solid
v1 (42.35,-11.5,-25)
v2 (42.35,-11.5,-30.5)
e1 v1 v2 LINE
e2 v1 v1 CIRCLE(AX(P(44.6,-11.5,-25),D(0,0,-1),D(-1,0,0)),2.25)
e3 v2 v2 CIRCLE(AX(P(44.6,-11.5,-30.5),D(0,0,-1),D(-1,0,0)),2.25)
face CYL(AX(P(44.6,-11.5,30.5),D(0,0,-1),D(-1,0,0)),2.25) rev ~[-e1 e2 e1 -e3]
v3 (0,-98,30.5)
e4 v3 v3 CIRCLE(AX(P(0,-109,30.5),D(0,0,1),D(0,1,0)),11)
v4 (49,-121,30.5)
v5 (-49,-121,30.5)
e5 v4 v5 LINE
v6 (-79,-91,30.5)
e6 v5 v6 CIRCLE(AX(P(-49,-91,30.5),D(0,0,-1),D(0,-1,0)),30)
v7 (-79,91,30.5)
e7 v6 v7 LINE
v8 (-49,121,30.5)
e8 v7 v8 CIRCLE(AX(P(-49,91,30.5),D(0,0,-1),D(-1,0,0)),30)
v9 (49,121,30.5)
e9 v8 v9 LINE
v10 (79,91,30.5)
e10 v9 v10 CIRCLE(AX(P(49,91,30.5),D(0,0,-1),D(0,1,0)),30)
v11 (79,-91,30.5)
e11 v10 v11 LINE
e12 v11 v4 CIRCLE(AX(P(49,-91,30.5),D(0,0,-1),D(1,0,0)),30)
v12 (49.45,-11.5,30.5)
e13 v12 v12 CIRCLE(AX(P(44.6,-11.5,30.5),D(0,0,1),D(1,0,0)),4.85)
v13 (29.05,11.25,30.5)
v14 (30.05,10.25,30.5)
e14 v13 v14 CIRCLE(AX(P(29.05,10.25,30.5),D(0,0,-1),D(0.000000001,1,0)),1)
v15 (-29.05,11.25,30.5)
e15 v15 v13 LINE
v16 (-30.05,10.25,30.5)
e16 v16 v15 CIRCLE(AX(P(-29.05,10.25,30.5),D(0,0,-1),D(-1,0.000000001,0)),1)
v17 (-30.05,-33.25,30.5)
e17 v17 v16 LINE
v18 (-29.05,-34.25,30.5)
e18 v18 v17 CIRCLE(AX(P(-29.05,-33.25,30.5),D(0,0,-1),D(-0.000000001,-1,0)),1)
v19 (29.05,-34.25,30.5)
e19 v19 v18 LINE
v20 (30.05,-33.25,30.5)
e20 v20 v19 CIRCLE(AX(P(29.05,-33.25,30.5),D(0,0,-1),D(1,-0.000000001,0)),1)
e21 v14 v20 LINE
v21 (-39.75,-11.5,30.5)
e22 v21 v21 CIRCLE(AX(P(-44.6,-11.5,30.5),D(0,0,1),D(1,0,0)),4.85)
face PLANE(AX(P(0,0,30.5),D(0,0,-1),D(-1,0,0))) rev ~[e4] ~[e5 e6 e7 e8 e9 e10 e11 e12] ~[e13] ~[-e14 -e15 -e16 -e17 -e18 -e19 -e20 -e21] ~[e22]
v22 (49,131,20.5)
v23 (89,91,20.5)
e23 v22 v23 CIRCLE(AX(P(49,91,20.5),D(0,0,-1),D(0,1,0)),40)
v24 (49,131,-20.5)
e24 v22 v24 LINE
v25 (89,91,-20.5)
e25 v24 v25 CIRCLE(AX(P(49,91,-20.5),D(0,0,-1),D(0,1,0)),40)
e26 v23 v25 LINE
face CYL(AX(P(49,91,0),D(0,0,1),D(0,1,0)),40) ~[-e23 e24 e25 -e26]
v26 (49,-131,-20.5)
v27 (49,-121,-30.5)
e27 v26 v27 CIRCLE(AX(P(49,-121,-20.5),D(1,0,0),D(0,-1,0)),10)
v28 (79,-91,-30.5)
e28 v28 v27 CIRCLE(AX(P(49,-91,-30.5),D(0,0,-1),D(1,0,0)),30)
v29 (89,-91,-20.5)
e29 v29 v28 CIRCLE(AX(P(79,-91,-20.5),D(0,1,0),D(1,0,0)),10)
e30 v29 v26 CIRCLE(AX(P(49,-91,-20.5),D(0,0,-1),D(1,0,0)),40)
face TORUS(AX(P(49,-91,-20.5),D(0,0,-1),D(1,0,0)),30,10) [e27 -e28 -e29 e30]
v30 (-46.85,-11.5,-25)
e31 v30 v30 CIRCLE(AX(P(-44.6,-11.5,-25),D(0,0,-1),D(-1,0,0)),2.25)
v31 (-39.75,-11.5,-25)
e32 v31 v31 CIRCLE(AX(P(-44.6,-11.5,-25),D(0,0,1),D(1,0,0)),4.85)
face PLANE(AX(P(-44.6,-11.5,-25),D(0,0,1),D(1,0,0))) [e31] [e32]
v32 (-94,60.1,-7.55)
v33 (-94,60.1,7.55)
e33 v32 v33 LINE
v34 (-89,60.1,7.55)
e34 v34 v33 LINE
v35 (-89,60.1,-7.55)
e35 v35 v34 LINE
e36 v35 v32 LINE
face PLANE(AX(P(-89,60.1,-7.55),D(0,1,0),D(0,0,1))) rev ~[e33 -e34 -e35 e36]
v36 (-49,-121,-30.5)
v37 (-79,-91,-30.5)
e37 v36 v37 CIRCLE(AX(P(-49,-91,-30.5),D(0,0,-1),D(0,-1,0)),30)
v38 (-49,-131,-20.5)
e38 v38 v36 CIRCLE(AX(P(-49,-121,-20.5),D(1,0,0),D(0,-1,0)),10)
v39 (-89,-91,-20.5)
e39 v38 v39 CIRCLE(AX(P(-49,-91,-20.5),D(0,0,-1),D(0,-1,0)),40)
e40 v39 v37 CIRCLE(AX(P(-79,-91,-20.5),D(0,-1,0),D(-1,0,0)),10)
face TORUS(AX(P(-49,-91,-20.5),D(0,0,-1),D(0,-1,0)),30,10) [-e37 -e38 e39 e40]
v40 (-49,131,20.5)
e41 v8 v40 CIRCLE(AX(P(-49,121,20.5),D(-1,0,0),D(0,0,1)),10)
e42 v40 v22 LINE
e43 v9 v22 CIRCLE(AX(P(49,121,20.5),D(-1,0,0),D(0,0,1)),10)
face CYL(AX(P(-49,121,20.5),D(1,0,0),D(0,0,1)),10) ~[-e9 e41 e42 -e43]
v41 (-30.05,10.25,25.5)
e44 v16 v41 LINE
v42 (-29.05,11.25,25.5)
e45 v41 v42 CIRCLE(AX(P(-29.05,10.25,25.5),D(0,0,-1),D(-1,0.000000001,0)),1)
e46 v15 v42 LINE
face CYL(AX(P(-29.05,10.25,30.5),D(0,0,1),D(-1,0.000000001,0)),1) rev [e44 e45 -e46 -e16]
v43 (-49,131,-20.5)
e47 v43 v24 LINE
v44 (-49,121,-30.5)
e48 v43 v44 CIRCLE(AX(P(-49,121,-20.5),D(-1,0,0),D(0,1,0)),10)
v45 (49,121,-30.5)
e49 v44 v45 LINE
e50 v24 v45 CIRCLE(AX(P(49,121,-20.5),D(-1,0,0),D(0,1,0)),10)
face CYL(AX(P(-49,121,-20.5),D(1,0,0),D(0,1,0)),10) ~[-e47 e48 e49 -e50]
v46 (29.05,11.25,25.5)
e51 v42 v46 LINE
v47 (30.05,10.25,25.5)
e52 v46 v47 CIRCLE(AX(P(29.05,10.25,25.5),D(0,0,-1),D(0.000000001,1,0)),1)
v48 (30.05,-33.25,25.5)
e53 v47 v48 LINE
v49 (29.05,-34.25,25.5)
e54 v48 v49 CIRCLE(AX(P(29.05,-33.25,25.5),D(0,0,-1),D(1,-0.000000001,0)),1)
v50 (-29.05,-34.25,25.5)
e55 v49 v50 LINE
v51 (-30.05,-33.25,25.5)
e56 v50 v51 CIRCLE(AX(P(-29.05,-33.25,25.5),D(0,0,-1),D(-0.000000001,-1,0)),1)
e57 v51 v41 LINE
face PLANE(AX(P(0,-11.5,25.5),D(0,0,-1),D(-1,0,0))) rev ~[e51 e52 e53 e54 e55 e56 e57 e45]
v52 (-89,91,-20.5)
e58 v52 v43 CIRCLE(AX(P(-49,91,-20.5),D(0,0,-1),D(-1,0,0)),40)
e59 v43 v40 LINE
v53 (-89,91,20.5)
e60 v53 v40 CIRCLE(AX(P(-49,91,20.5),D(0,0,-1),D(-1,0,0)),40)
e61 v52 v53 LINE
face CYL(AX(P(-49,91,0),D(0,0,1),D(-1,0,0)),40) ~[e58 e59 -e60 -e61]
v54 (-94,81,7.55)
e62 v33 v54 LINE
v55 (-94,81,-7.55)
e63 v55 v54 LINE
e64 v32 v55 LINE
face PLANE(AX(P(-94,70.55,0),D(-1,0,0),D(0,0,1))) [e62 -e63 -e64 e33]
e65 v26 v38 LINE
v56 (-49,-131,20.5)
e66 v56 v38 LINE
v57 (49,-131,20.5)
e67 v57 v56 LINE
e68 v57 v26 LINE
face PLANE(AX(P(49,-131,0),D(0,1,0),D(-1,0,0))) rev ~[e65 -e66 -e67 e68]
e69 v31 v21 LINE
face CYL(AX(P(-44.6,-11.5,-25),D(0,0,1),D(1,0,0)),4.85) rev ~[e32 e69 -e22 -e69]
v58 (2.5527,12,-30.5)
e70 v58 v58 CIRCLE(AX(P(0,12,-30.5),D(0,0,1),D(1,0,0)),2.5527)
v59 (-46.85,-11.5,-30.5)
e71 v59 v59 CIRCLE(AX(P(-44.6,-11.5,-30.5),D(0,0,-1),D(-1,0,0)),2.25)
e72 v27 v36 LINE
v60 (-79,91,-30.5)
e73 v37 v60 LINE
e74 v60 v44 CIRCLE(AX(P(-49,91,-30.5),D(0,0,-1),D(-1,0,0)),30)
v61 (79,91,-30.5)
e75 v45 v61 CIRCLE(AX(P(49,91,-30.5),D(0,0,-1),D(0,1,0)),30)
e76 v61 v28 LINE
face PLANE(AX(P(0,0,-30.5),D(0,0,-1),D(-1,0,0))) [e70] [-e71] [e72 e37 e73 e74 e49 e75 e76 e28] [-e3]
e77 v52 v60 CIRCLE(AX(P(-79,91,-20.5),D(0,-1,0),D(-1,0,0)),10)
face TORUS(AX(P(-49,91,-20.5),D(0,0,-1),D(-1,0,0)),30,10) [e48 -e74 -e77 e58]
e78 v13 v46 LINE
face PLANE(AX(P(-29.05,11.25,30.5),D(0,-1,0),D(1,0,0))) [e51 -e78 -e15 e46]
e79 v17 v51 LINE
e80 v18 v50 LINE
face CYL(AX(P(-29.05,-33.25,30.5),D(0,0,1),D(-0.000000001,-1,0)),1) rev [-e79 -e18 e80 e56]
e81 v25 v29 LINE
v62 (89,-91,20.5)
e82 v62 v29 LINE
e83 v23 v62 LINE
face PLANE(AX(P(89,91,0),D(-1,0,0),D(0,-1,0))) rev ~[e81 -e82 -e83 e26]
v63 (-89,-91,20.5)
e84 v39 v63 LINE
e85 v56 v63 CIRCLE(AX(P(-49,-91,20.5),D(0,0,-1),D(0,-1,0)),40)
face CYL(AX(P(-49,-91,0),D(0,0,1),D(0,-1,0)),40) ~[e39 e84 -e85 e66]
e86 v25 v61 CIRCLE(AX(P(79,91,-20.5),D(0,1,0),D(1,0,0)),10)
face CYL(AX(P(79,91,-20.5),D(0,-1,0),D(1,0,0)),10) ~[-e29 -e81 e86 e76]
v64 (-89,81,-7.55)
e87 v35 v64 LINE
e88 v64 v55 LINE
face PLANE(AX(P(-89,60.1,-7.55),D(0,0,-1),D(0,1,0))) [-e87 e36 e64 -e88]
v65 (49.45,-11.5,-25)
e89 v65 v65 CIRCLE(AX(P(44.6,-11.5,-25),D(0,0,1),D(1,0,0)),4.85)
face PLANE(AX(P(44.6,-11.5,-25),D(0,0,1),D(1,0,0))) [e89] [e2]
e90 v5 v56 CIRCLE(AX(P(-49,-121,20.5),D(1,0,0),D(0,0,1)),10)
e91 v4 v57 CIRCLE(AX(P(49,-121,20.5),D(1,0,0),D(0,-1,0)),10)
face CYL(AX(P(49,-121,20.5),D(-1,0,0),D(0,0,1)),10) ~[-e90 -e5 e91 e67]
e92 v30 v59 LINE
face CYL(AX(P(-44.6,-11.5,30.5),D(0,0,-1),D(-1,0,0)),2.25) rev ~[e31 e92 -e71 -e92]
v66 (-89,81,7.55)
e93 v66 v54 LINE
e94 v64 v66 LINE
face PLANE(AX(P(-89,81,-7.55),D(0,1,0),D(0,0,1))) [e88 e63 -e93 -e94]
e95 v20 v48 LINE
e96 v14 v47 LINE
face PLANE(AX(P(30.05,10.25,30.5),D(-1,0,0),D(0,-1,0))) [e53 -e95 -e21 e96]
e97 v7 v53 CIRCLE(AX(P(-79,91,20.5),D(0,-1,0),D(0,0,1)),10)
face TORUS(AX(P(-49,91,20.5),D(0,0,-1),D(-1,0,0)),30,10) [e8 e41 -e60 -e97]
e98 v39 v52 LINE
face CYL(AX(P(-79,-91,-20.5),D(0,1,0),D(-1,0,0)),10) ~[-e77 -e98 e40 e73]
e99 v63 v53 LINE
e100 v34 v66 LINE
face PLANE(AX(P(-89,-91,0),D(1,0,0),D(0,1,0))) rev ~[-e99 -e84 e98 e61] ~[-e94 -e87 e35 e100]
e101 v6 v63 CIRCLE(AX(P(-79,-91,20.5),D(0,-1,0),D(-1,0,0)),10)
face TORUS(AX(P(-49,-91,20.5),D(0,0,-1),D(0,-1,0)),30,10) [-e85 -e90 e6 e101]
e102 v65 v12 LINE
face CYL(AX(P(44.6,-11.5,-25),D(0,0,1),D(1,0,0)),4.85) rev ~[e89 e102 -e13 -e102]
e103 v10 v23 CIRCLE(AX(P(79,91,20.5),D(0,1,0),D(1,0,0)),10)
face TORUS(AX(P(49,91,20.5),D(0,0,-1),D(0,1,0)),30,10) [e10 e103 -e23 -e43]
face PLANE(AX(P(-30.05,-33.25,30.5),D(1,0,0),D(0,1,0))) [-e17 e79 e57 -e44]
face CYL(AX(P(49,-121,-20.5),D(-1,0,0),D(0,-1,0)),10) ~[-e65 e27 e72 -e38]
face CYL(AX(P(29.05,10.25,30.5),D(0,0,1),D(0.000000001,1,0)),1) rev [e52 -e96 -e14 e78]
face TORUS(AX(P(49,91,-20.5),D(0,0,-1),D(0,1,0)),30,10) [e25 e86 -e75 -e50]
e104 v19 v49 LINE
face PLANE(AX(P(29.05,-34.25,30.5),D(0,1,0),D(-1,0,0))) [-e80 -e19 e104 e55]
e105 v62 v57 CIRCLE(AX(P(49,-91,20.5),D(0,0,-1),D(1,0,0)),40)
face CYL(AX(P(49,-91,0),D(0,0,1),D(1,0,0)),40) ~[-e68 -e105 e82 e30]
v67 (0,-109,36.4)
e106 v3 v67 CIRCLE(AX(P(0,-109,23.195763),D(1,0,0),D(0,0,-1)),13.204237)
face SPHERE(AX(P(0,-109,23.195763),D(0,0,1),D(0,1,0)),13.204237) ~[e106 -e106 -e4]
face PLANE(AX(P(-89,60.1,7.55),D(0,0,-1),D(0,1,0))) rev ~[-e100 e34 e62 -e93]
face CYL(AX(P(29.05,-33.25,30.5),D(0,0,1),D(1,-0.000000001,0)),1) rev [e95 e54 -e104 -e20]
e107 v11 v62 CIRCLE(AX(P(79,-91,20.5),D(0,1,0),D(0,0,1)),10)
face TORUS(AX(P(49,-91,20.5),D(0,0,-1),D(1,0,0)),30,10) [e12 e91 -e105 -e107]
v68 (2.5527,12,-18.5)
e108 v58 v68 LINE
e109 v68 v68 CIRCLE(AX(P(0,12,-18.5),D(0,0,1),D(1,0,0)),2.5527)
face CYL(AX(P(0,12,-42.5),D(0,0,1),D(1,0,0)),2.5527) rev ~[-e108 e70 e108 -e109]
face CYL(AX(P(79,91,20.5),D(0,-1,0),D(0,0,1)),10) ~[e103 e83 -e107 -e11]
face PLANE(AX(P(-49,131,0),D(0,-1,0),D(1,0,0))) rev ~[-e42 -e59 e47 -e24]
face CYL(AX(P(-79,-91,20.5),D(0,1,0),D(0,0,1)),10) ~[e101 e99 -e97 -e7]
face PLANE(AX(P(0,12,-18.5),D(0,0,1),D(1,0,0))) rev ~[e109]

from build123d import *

# Parameters (mm, degrees)
BOSS_EXTRUDE1_DEPTH            = 30.5
CUT_EXTRUDE1_START             = 30.5
CUT_EXTRUDE1_DEPTH             = 5
CBORE_FOR_M4_SHCS1_D           = 4.5
CBORE_FOR_M4_SHCS1_CBORE_D     = 9.7
CBORE_FOR_M4_SHCS1_CBORE_DEPTH = 55.5
F_1_4_20_TAPPED_HOLE1_D        = 5.1054
F_1_4_20_TAPPED_HOLE1_DEPTH    = 12
FILLET1_R                      = 10
SKETCH8_W                      = 15.1
SKETCH8_H                      = 20.9
BOSS_EXTRUDE2_DEPTH            = 5


with BuildPart() as part:
    # Sketch1 → Boss-Extrude1 (new body, symmetric)
    with BuildSketch(Plane.XY):
        with BuildLine():
            Line((-49, 131), (49, 131))
            ThreePointArc((49, 131), (77.284271247, 119.284271247), (89, 91))
            Line((89, 91), (89, -91))
            ThreePointArc((89, -91), (77.284271247, -119.284271247), (49, -131))
            Line((49, -131), (-49, -131))
            ThreePointArc((-49, -131), (-77.284271247, -119.284271247), (-89, -91))
            Line((-89, -91), (-89, 91))
            ThreePointArc((-89, 91), (-77.284271247, 119.284271247), (-49, 131))
        make_face()
    extrude(amount=BOSS_EXTRUDE1_DEPTH, both=True)

    # Sketch1<4> → Cut-Extrude1 (cut)
    with BuildSketch(Plane.XY.offset(CUT_EXTRUDE1_START)):
        with BuildLine():
            Line((-29.05, 11.25), (29.05, 11.25))
            ThreePointArc((29.05, 11.25), (29.757106781, 10.957106781), (30.05, 10.25))
            Line((30.05, 10.25), (30.05, -33.25))
            ThreePointArc((30.05, -33.25), (29.757106781, -33.957106781), (29.05, -34.25))
            Line((29.05, -34.25), (-29.05, -34.25))
            ThreePointArc((-29.05, -34.25), (-29.757106781, -33.957106781), (-30.05, -33.25))
            Line((-30.05, -33.25), (-30.05, 10.25))
            ThreePointArc((-30.05, 10.25), (-29.757106781, 10.957106781), (-29.05, 11.25))
        make_face()
    extrude(amount=-CUT_EXTRUDE1_DEPTH, mode=Mode.SUBTRACT)

    # CBORE for M4 SHCS1 (through all)
    with Locations(Plane.XY.offset(30.5)):
        with Locations((-44.6, -11.5), (44.6, -11.5)):
            CounterBoreHole(CBORE_FOR_M4_SHCS1_D / 2, CBORE_FOR_M4_SHCS1_CBORE_D / 2, CBORE_FOR_M4_SHCS1_CBORE_DEPTH)

    # 1/4-20 Tapped Hole1
    with Locations(Plane(origin=(0, 0, -30.5), x_dir=(-1, 0, 0), z_dir=(0, 0, -1))):
        with Locations((0, 12)):
            Hole(F_1_4_20_TAPPED_HOLE1_D / 2, depth=F_1_4_20_TAPPED_HOLE1_DEPTH)

    # Sketch4 → Revolve1 (revolve)
    with BuildSketch(Plane(origin=(0, 0, 0), x_dir=(0, 0, -1), z_dir=(1, 0, 0))):
        with BuildLine():
            Line((-36.4, -109), (-9.991525424, -109))
            ThreePointArc((-9.991525424, -109), (-23.195762712, -95.795762712), (-36.4, -109))
        make_face()
    revolve(axis=Axis((0, -109, 157.281610428), (0, 0, -1)))

    # Fillet1
    fillet1_edges = [part.edges().sort_by_distance(p)[0] for p in [
        (77.284271247, 119.284271247, -30.5),
        (0, 131, 30.5),
        (89, 0, -30.5),
        (77.284271247, -119.284271247, -30.5),
        (0, -131, -30.5),
        (-77.284271247, -119.284271247, -30.5),
        (-89, 0, -30.5),
        (-77.284271247, 119.284271247, -30.5),
        (0, 131, -30.5),
        (-77.284271247, 119.284271247, 30.5),
        (-89, 0, 30.5),
        (-77.284271247, -119.284271247, 30.5),
        (0, -131, 30.5),
        (77.284271247, -119.284271247, 30.5),
        (89, 0, 30.5),
        (77.284271247, 119.284271247, 30.5),
    ]]
    fillet(fillet1_edges, radius=FILLET1_R)

    # Sketch8 → Boss-Extrude2 (add)
    with BuildSketch(Plane.ZY.offset(89)):
        with Locations((0, 70.55)):
            Rectangle(SKETCH8_W, SKETCH8_H)
    extrude(amount=BOSS_EXTRUDE2_DEPTH)


solid = part.part
